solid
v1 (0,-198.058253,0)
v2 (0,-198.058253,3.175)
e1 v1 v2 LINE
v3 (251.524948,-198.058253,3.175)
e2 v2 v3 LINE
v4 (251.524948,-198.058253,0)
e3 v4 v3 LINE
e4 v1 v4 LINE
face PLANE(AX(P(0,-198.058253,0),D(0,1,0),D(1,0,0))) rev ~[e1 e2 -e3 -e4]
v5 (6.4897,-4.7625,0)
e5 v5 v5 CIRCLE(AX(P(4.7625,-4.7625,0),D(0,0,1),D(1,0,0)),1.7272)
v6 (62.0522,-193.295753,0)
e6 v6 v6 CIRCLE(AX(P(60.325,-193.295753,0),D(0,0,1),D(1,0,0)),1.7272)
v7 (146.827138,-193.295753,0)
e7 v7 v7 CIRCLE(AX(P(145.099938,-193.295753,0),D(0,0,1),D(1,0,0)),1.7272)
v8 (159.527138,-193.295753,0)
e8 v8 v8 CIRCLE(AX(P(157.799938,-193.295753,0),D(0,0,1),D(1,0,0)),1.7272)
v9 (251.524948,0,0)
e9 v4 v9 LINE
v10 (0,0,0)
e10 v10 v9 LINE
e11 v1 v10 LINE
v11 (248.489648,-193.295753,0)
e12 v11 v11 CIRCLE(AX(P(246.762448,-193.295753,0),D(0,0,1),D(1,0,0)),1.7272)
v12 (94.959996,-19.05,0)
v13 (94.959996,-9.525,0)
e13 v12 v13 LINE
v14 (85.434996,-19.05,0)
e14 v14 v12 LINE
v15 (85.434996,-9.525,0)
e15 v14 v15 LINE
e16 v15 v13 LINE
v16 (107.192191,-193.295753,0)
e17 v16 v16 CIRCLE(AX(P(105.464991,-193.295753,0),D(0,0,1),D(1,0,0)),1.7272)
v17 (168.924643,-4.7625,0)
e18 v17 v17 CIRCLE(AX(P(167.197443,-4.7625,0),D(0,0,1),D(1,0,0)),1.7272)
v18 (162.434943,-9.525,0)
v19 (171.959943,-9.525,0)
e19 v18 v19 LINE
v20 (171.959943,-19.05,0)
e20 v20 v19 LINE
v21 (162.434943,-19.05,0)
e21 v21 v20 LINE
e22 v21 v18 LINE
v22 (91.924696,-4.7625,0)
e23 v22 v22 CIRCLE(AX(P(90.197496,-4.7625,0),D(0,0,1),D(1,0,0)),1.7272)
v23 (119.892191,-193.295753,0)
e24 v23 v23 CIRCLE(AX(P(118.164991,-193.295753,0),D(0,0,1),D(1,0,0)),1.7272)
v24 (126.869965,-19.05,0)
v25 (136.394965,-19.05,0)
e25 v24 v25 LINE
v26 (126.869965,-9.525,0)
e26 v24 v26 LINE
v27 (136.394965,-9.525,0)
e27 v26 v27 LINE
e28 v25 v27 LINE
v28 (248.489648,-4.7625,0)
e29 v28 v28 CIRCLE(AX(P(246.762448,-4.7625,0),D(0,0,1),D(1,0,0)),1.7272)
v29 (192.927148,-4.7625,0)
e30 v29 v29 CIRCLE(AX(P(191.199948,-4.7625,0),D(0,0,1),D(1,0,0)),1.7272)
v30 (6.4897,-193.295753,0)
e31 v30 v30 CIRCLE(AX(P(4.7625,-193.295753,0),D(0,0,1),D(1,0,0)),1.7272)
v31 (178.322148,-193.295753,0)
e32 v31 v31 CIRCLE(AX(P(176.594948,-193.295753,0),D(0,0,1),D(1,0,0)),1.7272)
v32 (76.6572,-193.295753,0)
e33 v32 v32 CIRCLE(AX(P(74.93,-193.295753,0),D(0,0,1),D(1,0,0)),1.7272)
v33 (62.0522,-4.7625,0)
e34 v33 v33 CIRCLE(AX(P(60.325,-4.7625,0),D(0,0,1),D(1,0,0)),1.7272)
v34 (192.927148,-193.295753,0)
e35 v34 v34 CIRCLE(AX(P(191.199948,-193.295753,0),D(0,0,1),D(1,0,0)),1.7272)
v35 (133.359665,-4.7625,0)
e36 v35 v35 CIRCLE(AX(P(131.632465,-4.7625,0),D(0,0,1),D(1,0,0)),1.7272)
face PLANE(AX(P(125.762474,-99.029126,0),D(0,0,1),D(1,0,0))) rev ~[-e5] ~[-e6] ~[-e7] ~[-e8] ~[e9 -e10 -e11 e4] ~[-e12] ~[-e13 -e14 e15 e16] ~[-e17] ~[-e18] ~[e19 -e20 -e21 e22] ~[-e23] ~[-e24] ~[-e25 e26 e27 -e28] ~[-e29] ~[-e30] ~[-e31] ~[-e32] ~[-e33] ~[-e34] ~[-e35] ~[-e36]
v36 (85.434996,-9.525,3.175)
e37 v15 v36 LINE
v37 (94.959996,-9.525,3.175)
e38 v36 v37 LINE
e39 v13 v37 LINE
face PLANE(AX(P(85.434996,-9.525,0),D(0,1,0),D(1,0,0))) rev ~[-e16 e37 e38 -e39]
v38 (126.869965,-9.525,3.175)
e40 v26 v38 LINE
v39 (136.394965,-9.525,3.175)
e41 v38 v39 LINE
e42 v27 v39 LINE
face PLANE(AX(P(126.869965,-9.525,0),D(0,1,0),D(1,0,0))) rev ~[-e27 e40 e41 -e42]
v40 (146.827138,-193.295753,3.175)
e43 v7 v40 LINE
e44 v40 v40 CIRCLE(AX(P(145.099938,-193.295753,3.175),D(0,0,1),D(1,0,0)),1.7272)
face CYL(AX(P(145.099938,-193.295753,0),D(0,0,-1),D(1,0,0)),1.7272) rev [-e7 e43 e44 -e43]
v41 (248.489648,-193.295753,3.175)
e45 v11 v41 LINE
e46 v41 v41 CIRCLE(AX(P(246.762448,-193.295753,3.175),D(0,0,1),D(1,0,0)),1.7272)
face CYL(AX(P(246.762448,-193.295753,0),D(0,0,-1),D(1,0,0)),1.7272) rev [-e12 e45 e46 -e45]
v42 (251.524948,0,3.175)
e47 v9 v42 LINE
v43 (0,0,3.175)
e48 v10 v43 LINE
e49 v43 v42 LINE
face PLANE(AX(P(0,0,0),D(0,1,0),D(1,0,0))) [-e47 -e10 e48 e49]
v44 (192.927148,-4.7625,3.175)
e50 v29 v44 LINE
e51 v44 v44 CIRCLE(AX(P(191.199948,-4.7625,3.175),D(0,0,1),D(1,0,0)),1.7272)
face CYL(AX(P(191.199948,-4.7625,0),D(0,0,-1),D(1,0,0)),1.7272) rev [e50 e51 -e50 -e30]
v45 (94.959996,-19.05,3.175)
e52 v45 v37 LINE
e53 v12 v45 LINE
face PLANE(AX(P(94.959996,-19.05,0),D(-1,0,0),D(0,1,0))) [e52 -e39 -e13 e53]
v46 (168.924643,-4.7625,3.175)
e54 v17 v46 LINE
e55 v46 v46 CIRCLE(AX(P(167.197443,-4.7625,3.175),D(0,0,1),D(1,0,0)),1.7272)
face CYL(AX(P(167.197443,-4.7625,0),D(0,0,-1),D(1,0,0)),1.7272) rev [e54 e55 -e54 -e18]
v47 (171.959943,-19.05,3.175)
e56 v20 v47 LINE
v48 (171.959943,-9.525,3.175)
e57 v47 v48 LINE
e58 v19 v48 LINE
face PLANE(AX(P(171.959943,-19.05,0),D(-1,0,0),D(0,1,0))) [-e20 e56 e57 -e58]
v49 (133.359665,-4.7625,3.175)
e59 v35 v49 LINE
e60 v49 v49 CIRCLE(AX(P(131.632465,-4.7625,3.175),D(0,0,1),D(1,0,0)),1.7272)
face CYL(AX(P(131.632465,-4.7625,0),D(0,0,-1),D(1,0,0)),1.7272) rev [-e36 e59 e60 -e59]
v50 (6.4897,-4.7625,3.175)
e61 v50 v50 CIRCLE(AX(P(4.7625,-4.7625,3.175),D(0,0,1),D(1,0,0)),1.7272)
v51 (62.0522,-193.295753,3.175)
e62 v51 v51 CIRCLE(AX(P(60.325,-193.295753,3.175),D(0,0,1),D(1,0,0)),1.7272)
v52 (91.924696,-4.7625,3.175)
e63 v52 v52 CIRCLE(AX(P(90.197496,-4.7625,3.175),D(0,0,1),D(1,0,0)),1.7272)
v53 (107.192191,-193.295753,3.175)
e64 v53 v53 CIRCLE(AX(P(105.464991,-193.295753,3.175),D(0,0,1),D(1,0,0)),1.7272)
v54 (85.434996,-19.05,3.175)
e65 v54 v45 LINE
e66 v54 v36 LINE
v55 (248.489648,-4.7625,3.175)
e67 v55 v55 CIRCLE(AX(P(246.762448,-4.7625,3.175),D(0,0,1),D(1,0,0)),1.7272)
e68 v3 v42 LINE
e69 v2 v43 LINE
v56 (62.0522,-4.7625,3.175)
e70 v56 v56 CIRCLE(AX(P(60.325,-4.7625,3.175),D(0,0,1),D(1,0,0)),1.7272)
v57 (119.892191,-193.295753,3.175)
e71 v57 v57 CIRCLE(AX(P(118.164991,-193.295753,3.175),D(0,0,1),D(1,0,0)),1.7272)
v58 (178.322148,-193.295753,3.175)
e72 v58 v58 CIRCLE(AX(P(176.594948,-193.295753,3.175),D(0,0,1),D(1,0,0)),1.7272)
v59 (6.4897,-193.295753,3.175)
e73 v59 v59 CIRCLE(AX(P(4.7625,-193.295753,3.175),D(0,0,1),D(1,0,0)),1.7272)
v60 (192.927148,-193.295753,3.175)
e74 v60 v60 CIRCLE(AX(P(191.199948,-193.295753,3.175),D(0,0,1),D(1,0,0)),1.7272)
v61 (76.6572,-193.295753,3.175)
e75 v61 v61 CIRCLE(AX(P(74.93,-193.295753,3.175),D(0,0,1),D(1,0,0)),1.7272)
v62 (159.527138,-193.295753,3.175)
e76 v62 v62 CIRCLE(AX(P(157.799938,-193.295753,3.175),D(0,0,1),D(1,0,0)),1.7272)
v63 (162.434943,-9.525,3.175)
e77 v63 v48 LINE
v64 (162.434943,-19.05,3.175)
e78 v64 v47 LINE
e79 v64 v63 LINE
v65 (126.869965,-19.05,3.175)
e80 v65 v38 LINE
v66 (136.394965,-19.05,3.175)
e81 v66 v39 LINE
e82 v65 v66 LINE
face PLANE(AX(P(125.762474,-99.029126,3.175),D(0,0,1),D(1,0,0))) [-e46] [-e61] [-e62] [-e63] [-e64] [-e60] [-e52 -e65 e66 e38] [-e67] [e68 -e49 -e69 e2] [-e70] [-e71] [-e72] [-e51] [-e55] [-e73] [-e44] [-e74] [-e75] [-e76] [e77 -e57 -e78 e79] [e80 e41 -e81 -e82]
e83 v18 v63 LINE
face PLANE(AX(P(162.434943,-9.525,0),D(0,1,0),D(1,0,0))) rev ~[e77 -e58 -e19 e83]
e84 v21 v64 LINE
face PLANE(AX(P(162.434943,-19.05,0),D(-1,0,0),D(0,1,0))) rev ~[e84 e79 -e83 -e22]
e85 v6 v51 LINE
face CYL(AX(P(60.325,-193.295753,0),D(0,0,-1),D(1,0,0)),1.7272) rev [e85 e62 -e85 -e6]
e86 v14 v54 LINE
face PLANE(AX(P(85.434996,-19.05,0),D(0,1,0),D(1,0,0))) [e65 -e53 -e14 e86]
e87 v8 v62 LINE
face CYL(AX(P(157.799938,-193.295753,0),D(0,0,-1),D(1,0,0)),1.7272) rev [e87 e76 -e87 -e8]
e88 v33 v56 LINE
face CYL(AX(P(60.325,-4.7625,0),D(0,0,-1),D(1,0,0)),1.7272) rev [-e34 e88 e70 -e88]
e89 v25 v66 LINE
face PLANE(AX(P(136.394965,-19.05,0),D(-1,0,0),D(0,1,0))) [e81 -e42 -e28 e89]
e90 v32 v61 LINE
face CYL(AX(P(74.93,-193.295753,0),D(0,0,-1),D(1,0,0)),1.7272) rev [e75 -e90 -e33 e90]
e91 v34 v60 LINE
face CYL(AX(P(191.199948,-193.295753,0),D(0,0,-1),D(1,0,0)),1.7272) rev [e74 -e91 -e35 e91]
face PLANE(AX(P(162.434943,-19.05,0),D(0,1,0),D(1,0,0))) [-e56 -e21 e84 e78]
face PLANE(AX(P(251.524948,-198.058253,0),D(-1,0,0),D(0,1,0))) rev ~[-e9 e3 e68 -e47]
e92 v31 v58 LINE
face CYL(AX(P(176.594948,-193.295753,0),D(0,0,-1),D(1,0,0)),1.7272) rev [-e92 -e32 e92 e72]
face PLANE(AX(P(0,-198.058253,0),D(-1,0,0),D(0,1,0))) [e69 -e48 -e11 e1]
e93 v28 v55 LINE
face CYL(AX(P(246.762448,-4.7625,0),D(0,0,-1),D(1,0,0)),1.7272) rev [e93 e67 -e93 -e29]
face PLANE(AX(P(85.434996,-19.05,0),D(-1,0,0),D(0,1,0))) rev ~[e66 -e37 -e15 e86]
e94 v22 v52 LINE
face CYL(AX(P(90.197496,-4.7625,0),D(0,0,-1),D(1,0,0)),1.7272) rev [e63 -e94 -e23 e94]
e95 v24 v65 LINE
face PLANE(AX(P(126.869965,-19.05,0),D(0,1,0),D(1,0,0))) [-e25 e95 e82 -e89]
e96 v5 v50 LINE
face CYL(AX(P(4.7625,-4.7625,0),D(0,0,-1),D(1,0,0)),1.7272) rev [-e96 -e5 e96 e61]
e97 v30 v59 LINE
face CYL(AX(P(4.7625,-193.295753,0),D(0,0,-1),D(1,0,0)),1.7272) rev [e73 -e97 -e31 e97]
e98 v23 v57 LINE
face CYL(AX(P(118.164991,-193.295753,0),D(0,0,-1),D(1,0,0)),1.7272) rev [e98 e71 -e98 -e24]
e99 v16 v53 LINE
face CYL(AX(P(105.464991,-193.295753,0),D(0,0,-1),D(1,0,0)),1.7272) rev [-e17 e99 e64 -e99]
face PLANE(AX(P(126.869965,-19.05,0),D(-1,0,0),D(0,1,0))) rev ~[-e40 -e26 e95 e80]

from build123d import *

# Parameters (mm, degrees)
F0_W     = 251.524948
F0_H     = 198.058253
F0_R     = 1.7272
F0_W_2   = 9.525
F0_H_2   = 9.525
F1_DEPTH = 3.175


with BuildPart() as f1:
    # F0 (on Top) → F1 (new body)
    with BuildSketch(Plane.XY):
        with Locations((125.762474, -99.029126)):
            Rectangle(F0_W, F0_H)
        with Locations((4.7625, -193.295753)):
            Circle(F0_R, mode=Mode.SUBTRACT)
        with Locations((60.325, -193.295753)):
            Circle(F0_R, mode=Mode.SUBTRACT)
        with Locations((74.93, -193.295753)):
            Circle(F0_R, mode=Mode.SUBTRACT)
        with Locations((105.464991, -193.295753)):
            Circle(F0_R, mode=Mode.SUBTRACT)
        with Locations((118.164991, -193.295753)):
            Circle(F0_R, mode=Mode.SUBTRACT)
        with Locations((145.099938, -193.295753)):
            Circle(F0_R, mode=Mode.SUBTRACT)
        with Locations((157.799938, -193.295753)):
            Circle(F0_R, mode=Mode.SUBTRACT)
        with Locations((176.594948, -193.295753)):
            Circle(F0_R, mode=Mode.SUBTRACT)
        with Locations((191.199948, -193.295753)):
            Circle(F0_R, mode=Mode.SUBTRACT)
        with Locations((246.762448, -193.295753)):
            Circle(F0_R, mode=Mode.SUBTRACT)
        with Locations((4.7625, -4.7625)):
            Circle(F0_R, mode=Mode.SUBTRACT)
        with Locations((60.325, -4.7625)):
            Circle(F0_R, mode=Mode.SUBTRACT)
        with Locations((90.197496, -14.2875)):
            Rectangle(F0_W_2, F0_H_2, mode=Mode.SUBTRACT)
        with Locations((90.197496, -4.7625)):
            Circle(F0_R, mode=Mode.SUBTRACT)
        with Locations((131.632465, -14.2875)):
            Rectangle(F0_W_2, F0_H_2, mode=Mode.SUBTRACT)
        with Locations((131.632465, -4.7625)):
            Circle(F0_R, mode=Mode.SUBTRACT)
        with Locations((167.197443, -14.2875)):
            Rectangle(F0_W_2, F0_H_2, mode=Mode.SUBTRACT)
        with Locations((167.197443, -4.7625)):
            Circle(F0_R, mode=Mode.SUBTRACT)
        with Locations((191.199948, -4.7625)):
            Circle(F0_R, mode=Mode.SUBTRACT)
        with Locations((246.762448, -4.7625)):
            Circle(F0_R, mode=Mode.SUBTRACT)
    extrude(amount=F1_DEPTH)


solid = f1.part
